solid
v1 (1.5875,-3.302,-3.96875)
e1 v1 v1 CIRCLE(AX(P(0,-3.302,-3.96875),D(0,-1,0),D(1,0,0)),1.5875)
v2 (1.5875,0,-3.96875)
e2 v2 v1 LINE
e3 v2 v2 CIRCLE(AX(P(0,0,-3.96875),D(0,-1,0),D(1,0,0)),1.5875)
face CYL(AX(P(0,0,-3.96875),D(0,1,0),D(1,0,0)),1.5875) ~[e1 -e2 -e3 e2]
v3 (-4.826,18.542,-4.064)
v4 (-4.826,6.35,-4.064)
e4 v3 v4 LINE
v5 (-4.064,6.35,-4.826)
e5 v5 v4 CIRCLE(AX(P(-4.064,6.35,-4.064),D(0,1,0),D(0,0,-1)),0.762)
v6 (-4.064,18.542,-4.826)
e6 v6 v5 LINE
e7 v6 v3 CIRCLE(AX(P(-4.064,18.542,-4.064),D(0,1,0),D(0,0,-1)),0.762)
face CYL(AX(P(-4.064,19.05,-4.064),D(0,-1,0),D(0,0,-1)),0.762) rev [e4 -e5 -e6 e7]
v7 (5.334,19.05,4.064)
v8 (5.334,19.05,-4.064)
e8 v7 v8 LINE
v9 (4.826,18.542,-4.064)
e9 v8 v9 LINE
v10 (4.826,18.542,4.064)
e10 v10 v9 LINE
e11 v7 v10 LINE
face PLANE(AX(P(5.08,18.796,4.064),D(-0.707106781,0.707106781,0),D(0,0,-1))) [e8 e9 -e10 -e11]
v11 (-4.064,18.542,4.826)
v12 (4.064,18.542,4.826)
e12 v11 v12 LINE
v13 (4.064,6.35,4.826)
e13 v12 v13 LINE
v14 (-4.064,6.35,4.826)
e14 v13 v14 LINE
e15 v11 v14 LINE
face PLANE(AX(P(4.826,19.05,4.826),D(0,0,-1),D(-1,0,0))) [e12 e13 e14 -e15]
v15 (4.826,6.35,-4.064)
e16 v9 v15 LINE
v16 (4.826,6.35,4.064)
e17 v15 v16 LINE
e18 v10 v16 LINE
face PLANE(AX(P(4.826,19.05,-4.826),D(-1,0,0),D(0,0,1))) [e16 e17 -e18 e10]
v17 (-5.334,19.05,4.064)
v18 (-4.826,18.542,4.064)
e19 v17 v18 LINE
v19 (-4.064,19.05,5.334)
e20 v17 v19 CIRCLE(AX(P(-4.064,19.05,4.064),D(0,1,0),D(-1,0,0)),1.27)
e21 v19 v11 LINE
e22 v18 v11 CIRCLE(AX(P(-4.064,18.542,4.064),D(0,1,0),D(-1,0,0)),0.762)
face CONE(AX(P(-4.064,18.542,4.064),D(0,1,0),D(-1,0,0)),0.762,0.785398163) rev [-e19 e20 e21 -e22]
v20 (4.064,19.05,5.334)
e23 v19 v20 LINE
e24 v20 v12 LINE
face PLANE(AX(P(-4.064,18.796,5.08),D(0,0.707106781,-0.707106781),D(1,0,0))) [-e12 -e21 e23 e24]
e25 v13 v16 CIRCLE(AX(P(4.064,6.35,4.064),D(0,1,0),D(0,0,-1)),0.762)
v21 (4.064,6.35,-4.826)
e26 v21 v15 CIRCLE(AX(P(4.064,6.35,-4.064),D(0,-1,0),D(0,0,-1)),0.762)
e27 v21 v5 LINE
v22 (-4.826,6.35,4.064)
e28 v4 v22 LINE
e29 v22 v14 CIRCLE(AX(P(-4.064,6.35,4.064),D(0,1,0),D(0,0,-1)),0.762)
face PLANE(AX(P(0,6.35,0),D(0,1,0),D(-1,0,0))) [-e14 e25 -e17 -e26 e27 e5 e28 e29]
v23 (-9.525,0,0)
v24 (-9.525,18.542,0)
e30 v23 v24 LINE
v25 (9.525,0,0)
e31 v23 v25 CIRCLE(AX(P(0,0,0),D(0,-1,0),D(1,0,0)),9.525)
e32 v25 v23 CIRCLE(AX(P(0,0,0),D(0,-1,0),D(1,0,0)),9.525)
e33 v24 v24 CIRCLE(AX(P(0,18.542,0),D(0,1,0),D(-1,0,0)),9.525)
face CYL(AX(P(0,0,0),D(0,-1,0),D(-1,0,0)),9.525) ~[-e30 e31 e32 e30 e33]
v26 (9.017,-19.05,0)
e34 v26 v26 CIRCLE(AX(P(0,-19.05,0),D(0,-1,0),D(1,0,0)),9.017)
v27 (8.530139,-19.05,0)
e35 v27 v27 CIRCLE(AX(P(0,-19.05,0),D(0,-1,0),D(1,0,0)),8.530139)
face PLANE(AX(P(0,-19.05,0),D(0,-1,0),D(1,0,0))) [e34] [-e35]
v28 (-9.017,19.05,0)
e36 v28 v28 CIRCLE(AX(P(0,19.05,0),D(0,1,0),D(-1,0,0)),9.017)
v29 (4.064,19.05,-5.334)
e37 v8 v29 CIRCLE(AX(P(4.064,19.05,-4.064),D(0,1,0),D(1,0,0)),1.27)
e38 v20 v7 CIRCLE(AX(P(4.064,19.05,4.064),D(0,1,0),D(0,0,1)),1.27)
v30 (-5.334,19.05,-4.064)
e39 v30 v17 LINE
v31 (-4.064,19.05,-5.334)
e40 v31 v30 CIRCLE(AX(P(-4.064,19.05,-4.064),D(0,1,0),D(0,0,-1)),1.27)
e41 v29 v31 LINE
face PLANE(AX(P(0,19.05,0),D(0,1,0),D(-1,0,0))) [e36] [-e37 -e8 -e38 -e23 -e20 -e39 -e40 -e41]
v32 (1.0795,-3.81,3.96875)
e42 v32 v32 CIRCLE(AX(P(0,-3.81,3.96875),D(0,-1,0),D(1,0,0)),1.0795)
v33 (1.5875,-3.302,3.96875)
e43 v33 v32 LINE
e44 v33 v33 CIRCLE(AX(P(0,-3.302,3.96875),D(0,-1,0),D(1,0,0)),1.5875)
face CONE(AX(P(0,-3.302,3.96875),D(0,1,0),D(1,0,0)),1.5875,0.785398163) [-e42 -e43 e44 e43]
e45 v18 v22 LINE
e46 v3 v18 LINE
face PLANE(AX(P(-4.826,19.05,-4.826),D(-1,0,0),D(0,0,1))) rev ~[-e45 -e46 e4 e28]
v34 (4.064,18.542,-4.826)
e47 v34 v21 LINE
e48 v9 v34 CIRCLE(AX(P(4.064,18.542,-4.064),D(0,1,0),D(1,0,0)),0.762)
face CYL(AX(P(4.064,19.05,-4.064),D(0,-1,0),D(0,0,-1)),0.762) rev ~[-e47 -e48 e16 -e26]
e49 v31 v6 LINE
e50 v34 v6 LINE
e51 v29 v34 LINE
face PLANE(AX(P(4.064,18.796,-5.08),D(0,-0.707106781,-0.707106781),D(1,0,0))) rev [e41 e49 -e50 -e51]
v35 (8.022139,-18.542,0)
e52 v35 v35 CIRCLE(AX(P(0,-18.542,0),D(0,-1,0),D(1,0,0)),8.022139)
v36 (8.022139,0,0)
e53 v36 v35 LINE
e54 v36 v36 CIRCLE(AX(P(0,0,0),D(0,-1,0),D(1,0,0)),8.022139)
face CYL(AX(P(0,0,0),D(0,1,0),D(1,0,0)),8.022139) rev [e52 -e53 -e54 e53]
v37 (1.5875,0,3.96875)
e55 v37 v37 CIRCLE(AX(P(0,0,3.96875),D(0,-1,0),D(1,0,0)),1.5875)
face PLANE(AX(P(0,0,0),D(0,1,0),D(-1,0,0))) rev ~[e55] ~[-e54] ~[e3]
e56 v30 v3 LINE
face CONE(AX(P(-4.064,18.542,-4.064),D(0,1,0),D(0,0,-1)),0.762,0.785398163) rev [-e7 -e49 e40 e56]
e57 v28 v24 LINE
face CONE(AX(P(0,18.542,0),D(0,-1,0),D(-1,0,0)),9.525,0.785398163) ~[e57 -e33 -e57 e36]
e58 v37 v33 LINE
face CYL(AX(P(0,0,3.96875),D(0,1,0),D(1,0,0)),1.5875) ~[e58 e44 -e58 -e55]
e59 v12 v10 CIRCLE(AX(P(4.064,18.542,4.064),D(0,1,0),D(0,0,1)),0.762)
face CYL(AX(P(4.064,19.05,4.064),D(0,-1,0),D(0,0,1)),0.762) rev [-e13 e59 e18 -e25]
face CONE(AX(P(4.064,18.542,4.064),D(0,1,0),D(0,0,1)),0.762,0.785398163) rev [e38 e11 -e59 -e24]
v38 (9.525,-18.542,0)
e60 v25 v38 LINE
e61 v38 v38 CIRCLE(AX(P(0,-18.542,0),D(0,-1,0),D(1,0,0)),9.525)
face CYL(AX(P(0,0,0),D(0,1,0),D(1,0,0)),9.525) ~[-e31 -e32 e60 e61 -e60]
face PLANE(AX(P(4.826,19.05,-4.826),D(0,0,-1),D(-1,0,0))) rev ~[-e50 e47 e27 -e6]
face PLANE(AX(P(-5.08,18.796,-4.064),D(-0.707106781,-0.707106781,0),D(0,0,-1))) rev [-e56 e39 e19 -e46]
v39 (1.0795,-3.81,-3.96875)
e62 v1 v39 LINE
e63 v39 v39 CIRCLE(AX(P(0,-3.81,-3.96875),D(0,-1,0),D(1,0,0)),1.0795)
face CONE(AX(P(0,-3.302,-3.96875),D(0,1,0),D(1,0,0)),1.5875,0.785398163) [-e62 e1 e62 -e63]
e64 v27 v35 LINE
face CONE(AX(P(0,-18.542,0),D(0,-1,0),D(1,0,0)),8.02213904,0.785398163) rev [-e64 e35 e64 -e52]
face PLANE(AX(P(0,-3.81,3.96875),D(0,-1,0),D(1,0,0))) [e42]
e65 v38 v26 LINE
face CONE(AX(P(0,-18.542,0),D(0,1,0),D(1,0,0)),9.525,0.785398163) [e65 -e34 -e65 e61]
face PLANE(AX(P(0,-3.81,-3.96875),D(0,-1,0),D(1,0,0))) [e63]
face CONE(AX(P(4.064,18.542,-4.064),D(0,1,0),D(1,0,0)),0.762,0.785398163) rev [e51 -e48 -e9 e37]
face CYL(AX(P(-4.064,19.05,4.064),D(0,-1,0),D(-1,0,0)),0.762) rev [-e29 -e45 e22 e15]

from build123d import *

# Parameters (mm, degrees)
F0_R     = 1.5875
F1_DEPTH = 3.81
F2_R     = 9.525
F2_R_2   = 8.0221390402
F3_DEPTH = 19.05
F4_R     = 9.525
F5_DEPTH = 19.05
F6_W     = 9.652
F6_H     = 9.652
F7_DEPTH = 12.7
F8_R     = 0.762
F9_SIZE  = 0.508


with BuildPart() as f1:
    # F0 (on Front) → F1 (new body)
    with BuildSketch(Plane.XZ):
        with Locations((0, 3.96875)):
            Circle(F0_R)
    extrude(amount=F1_DEPTH)



with BuildPart() as f1b:
    # F0 (on Front) → F1, piece 2 (new body)
    with BuildSketch(Plane.XZ):
        with Locations((0, -3.96875)):
            Circle(F0_R)
    extrude(amount=F1_DEPTH)


with BuildPart() as f3:
    # F2 (on face) → F3 (new body)
    with BuildSketch(Plane.XZ):
        Circle(F2_R)
        Circle(F2_R_2, mode=Mode.SUBTRACT)
    extrude(amount=F3_DEPTH)


with BuildPart() as f1_1:
    add(f1.part)

    add(f1b.part)  # F5 merges F1b

    add(f3.part)  # F5 merges F3
    # F4 (on face) → F5 (join)
    with BuildSketch(Plane(origin=(0, 0, 0), x_dir=(-1, 0, 0), z_dir=(0, 1, 0))):
        Circle(F4_R)
    extrude(amount=F5_DEPTH)

    # F6 (on face) → F7 (cut)
    with BuildSketch(Plane(origin=(0, 19.05, 0), x_dir=(-1, 0, 0), z_dir=(0, 1, 0))):
        Rectangle(F6_W, F6_H)
    extrude(amount=-F7_DEPTH, mode=Mode.SUBTRACT)

    # F8
    f8_edges = [f1_1.edges().sort_by_distance(p)[0] for p in [
        (-4.826, 12.7, -4.826),
        (-4.826, 12.7, 4.826),
        (4.826, 12.7, 4.826),
        (4.826, 12.7, -4.826),
    ]]
    fillet(f8_edges, radius=F8_R)

    # F9
    f9_edges = [f1_1.edges().sort_by_distance(p)[0] for p in [
        (0, 19.05, -4.826),
        (9.525, 19.05, 0),
        (-9.525, -19.05, 0),
        (-8.022139, -19.05, 0),
        (-1.5875, -3.81, 3.96875),
        (-1.5875, -3.81, -3.96875),
    ]]
    chamfer(f9_edges, length=F9_SIZE)


solid = f1_1.part
